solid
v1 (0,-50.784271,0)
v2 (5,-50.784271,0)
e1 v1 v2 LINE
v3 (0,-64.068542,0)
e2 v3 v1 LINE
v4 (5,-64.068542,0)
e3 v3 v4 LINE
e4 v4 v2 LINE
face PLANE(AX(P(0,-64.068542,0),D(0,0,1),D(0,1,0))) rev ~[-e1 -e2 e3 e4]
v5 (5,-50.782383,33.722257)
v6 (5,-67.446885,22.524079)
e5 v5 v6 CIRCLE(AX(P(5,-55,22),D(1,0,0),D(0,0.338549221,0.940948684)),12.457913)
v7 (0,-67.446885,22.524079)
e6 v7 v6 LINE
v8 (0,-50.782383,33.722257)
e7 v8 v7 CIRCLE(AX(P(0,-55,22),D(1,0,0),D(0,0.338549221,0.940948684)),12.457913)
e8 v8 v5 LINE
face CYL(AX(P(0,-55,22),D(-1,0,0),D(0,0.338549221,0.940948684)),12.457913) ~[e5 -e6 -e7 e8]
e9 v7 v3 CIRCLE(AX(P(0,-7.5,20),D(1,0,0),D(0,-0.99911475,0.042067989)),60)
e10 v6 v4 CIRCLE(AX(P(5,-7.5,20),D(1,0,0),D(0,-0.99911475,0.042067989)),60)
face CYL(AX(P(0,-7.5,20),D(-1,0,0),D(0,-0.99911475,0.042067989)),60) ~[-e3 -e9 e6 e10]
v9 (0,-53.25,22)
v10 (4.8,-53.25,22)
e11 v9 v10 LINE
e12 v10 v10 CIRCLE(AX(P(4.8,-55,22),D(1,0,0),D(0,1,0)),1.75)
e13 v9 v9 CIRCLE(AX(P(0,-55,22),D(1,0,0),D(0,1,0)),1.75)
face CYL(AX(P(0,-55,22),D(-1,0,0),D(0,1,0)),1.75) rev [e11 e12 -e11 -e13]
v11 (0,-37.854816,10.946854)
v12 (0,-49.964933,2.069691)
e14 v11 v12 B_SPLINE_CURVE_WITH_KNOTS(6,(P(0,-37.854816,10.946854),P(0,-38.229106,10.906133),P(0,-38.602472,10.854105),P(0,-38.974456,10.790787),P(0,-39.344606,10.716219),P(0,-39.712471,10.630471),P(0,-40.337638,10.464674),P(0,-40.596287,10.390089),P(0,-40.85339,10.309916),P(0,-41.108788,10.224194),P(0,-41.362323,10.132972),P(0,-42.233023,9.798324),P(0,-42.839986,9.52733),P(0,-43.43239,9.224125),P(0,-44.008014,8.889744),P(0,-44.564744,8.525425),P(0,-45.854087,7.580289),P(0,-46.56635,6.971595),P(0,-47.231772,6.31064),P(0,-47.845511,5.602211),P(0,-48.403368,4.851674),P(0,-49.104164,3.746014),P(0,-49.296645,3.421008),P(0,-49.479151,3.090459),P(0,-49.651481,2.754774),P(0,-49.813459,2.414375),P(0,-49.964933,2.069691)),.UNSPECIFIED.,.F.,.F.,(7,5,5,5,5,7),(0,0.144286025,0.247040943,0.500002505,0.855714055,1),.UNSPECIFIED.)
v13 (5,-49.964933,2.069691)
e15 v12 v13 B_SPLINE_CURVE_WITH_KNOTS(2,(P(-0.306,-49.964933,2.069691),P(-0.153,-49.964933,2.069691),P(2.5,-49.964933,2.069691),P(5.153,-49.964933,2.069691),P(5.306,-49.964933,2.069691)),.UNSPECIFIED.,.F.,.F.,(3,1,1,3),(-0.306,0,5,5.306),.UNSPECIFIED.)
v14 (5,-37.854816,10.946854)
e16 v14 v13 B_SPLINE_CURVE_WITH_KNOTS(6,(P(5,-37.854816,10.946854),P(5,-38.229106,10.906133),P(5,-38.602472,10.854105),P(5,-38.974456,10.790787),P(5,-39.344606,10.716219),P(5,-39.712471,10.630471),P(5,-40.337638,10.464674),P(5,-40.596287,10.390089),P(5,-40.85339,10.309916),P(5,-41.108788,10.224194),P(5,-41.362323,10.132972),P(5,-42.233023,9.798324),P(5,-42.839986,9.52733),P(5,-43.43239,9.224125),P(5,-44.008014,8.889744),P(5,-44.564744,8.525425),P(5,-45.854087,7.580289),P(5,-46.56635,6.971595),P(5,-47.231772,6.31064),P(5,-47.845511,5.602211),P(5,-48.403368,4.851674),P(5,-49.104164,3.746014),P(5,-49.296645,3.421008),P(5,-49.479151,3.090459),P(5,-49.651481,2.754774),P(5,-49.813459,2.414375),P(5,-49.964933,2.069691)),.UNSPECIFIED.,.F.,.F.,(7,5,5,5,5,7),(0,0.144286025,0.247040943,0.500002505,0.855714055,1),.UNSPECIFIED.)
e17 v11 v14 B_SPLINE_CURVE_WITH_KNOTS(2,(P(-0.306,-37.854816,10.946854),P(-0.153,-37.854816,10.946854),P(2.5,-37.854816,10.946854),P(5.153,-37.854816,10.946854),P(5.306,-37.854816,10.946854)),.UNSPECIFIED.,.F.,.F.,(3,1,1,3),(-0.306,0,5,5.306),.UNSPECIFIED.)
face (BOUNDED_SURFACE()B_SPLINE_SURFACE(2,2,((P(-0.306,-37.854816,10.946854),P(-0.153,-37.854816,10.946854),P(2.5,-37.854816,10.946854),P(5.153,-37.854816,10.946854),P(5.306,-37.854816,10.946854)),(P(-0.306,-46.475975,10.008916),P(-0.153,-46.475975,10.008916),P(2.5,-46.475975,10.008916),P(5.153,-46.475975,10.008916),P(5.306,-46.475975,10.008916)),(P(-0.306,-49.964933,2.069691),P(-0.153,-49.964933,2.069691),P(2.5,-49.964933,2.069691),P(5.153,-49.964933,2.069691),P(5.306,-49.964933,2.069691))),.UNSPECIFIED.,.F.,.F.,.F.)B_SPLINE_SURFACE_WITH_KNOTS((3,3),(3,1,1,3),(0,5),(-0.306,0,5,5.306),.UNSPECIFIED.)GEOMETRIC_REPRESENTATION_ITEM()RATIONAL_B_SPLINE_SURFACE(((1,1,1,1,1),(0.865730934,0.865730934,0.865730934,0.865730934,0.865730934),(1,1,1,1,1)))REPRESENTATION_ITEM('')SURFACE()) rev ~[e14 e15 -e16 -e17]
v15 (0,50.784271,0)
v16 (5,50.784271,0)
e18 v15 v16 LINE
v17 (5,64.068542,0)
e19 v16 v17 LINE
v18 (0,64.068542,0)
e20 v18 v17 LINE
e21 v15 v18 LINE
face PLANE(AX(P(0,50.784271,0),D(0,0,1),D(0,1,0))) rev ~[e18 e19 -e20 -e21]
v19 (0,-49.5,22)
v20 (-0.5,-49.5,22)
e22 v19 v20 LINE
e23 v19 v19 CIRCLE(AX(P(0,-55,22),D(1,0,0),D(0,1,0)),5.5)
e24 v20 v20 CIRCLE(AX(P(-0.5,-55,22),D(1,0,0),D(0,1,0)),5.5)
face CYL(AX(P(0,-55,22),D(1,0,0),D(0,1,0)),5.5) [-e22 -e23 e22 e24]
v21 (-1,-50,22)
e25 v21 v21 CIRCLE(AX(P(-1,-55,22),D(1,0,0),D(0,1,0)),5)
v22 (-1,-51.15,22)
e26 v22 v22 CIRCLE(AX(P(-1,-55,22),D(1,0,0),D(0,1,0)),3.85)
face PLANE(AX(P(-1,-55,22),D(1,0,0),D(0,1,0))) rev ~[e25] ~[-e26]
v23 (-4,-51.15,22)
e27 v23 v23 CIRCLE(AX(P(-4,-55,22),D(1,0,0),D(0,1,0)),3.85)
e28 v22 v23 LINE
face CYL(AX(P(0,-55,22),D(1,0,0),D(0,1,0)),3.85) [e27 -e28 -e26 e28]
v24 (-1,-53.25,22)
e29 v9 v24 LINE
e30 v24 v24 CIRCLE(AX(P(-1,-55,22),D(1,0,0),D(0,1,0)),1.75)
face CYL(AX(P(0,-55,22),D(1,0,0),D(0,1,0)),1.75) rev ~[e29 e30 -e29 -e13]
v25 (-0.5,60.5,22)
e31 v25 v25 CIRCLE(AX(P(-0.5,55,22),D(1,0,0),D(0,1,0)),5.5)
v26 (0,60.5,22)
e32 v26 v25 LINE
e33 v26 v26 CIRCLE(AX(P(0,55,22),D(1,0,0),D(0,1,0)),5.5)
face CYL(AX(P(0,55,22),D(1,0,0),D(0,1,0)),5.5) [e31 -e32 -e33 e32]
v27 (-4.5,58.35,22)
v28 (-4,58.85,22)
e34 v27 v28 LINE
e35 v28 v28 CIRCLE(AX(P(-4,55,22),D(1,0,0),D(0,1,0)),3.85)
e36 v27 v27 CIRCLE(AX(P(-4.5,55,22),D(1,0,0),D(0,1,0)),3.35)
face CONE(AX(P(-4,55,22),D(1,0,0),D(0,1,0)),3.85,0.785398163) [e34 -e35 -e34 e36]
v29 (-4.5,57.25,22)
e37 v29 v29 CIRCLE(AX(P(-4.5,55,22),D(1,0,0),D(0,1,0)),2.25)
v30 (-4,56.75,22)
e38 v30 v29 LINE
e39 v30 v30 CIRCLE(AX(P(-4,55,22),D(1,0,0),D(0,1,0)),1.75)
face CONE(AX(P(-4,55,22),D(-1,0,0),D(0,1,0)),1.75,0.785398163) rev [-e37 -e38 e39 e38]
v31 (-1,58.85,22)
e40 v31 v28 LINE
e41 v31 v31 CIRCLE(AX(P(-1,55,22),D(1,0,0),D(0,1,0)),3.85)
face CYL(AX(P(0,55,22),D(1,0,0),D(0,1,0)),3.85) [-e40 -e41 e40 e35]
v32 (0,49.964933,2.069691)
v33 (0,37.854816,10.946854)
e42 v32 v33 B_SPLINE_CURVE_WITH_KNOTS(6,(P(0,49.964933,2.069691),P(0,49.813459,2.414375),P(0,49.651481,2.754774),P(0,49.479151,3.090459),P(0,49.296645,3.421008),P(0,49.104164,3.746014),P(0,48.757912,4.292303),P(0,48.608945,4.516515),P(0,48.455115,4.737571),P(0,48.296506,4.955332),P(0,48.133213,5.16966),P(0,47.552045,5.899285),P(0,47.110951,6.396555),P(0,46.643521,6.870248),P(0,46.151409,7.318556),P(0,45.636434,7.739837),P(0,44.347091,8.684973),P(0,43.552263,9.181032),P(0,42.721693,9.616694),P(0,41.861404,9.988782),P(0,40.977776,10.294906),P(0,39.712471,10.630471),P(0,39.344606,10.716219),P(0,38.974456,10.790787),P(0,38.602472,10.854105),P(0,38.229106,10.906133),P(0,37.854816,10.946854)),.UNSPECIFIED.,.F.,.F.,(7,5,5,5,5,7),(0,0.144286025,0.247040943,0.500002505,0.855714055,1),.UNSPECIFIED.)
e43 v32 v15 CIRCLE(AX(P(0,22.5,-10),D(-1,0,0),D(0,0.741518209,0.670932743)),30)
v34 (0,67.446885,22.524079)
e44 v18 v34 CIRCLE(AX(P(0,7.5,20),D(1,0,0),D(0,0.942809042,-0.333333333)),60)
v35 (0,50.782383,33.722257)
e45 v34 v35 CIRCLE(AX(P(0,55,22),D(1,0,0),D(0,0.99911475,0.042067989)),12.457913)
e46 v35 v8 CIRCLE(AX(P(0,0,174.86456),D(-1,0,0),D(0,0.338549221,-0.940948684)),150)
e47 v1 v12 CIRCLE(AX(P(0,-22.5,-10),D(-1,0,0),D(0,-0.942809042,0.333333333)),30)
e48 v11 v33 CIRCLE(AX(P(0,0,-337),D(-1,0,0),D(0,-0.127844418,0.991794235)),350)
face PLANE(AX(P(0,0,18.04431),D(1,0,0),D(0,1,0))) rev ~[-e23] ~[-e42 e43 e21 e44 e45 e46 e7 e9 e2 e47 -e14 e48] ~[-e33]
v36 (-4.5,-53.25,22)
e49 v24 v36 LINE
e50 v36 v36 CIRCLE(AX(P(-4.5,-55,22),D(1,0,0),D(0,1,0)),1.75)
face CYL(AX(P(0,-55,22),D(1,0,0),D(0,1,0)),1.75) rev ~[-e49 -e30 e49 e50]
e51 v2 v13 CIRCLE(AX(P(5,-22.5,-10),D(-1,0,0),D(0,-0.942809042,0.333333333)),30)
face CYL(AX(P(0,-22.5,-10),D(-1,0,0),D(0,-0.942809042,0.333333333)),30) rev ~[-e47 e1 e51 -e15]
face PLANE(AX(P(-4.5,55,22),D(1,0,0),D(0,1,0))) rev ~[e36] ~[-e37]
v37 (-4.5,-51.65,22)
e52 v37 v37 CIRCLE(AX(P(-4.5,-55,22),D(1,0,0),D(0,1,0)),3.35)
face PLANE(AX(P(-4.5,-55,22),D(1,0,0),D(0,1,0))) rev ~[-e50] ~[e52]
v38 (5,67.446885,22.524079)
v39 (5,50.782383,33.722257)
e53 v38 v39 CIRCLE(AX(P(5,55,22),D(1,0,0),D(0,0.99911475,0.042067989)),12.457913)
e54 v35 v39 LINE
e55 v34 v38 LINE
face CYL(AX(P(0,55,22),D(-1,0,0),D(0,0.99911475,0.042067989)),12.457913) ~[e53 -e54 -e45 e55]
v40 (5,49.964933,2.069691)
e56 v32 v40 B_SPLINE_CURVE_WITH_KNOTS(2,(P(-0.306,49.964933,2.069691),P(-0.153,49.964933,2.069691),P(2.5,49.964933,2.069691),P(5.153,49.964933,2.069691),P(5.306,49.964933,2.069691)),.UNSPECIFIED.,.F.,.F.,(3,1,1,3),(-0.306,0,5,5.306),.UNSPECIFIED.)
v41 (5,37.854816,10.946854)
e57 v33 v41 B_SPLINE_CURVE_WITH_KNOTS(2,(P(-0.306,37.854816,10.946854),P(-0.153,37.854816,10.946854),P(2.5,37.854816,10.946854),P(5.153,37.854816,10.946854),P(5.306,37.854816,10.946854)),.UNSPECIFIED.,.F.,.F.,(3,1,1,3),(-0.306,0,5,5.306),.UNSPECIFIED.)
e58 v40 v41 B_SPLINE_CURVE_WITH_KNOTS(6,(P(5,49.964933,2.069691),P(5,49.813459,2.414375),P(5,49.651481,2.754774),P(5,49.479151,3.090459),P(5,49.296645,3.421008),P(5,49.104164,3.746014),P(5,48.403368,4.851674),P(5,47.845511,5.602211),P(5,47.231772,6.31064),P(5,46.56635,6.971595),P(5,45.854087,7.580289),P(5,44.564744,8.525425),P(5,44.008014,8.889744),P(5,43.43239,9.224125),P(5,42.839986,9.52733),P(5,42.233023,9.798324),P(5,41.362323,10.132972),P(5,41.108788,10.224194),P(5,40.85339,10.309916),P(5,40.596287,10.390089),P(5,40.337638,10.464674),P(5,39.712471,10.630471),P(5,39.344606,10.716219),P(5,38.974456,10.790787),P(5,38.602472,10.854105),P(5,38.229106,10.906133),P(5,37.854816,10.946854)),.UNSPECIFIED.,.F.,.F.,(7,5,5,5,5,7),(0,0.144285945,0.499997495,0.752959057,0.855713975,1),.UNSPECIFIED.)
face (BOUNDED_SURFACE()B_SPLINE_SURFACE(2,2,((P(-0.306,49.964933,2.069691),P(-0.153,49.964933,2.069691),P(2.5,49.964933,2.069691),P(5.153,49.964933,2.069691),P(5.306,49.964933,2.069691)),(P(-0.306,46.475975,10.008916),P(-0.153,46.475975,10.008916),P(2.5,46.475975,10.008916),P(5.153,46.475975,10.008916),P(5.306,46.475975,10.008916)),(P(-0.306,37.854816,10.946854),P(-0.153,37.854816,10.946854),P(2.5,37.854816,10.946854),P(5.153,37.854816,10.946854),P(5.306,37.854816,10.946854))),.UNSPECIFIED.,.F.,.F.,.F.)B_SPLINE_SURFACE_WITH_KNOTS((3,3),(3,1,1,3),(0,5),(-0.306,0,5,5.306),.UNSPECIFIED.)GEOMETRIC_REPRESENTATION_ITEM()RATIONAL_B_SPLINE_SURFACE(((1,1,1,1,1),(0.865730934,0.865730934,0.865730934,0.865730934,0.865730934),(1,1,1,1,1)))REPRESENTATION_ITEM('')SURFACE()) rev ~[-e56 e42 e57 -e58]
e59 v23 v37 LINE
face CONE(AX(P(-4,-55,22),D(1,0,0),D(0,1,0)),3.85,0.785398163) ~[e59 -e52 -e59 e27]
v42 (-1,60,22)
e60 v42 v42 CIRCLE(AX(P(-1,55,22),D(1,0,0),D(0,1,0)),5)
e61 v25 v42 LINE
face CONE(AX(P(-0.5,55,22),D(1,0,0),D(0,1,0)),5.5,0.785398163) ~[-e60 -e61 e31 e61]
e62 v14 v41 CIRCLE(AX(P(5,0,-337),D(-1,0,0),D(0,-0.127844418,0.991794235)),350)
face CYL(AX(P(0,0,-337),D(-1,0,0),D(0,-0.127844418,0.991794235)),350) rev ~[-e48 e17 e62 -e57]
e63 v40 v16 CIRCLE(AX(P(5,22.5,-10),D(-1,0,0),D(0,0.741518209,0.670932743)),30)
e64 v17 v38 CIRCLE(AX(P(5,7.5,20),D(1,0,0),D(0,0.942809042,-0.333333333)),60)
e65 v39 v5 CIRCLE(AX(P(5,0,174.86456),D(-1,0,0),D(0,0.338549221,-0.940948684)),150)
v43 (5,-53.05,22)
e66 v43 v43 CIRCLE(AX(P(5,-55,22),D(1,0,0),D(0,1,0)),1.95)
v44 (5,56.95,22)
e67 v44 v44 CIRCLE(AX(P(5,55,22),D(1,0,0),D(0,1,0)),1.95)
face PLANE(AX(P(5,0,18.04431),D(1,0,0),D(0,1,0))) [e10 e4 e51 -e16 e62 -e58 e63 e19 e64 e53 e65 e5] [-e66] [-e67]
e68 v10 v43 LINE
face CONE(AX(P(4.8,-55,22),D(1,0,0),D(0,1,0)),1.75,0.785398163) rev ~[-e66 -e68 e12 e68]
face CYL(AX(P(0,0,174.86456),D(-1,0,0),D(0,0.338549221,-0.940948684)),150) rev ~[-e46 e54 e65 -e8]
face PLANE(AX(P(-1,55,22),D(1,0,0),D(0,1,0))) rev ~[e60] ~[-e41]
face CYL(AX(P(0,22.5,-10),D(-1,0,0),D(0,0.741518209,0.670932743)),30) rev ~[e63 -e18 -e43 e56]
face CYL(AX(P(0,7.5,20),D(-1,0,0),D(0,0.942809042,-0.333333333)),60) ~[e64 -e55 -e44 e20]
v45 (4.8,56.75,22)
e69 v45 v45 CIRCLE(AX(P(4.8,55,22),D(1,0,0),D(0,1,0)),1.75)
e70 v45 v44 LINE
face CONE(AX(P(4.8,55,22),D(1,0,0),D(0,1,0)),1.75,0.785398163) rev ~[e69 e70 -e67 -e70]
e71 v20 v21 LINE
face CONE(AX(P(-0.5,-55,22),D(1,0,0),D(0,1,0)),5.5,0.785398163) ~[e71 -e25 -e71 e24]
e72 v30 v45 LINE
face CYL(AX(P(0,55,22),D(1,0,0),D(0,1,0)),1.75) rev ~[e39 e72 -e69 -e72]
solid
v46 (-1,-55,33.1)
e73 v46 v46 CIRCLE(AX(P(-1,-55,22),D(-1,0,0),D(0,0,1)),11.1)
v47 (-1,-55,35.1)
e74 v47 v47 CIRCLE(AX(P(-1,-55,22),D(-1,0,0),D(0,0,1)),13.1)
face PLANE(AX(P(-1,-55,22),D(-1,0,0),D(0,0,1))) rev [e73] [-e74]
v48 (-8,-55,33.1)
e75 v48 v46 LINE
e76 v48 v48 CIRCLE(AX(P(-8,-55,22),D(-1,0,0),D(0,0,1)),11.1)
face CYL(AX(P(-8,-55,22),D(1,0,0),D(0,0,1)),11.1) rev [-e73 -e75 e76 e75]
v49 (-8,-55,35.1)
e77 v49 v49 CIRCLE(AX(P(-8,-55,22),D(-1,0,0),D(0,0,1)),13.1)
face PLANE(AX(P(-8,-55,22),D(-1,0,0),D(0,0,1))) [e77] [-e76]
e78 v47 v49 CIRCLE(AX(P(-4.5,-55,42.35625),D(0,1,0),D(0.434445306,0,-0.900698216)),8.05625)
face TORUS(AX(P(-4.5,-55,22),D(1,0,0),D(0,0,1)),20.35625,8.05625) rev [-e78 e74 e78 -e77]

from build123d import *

# Parameters (mm, degrees)
F0_R     = 11
F0_R_2   = 5.5
F0_R_3   = 3.85
F0_R_4   = 1.75
F1_DEPTH = 5
F2_DEPTH = 1
F3_DEPTH = 4.5
F4_SIZE  = 0.2
F8_R     = 15
F9_SIZE  = 0.5


with BuildPart() as f1:
    # F0 (on Right) → F1 (new body)
    with BuildSketch(Plane.YZ):
        with BuildLine():
            Line((50.7842712475, 0), (64.0685424949, 0))
            ThreePointArc((64.0685424949, 0), (66.8362852728, 11.1002668566), (67.4468850178, 22.5240793692))
            ThreePointArc((67.4468850178, 22.5240793692), (61.9483818424, 32.3401932092), (50.7823831309, 33.7222571963))
            ThreePointArc((50.7823831309, 33.7222571963), (0, 24.8645597266), (-50.7823831309, 33.7222571963))
            ThreePointArc((-50.7823831309, 33.7222571963), (-61.9483818424, 32.3401932092), (-67.4468850178, 22.5240793692))
            ThreePointArc((-67.4468850178, 22.5240793692), (-66.8362852728, 11.1002668566), (-64.0685424949, 0))
            Line((-64.0685424949, 0), (-50.7842712475, 0))
            ThreePointArc((-50.7842712475, 0), (-48.267413936, 5.3636056657), (-44.7455462717, 10.1279822902))
            ThreePointArc((-44.7455462717, 10.1279822902), (0, 13), (44.7455462717, 10.1279822902))
            ThreePointArc((44.7455462717, 10.1279822902), (48.267413936, 5.3636056657), (50.7842712475, 0))
        make_face()
        with Locations((-55, 22)):
            Circle(F0_R, mode=Mode.SUBTRACT)
        with Locations((55, 22)):
            Circle(F0_R, mode=Mode.SUBTRACT)
        with Locations((55, 22)):
            Circle(F0_R)
        with Locations((55, 22)):
            Circle(F0_R_2, mode=Mode.SUBTRACT)
        with Locations((55, 22)):
            Circle(F0_R_2)
        with Locations((55, 22)):
            Circle(F0_R_3, mode=Mode.SUBTRACT)
        with Locations((55, 22)):
            Circle(F0_R_3)
        with Locations((55, 22)):
            Circle(F0_R_4, mode=Mode.SUBTRACT)
        with Locations((-55, 22)):
            Circle(F0_R)
        with Locations((-55, 22)):
            Circle(F0_R_2, mode=Mode.SUBTRACT)
        with Locations((-55, 22)):
            Circle(F0_R_2)
        with Locations((-55, 22)):
            Circle(F0_R_3, mode=Mode.SUBTRACT)
        with Locations((-55, 22)):
            Circle(F0_R_3)
        with Locations((-55, 22)):
            Circle(F0_R_4, mode=Mode.SUBTRACT)
    extrude(amount=F1_DEPTH)

    # F0 (on Right) → F2 (join)
    with BuildSketch(Plane.YZ):
        with Locations((-55, 22)):
            Circle(F0_R_2)
        with Locations((-55, 22)):
            Circle(F0_R_3, mode=Mode.SUBTRACT)
        with Locations((55, 22)):
            Circle(F0_R_2)
        with Locations((55, 22)):
            Circle(F0_R_3, mode=Mode.SUBTRACT)
        with Locations((-55, 22)):
            Circle(F0_R_3)
        with Locations((-55, 22)):
            Circle(F0_R_4, mode=Mode.SUBTRACT)
        with Locations((55, 22)):
            Circle(F0_R_3)
        with Locations((55, 22)):
            Circle(F0_R_4, mode=Mode.SUBTRACT)
    extrude(amount=-F2_DEPTH)

    # F0 (on Right) → F3 (join)
    with BuildSketch(Plane.YZ):
        with Locations((55, 22)):
            Circle(F0_R_3)
        with Locations((55, 22)):
            Circle(F0_R_4, mode=Mode.SUBTRACT)
        with Locations((-55, 22)):
            Circle(F0_R_3)
        with Locations((-55, 22)):
            Circle(F0_R_4, mode=Mode.SUBTRACT)
    extrude(amount=-F3_DEPTH)

    # F4
    f4_edges = [f1.edges().sort_by_distance(p)[0] for p in [
        (5, 53.25, 22),
        (5, -56.75, 22),
    ]]
    chamfer(f4_edges, length=F4_SIZE)

    # F8
    f8_edges = [f1.edges().sort_by_distance(p)[0] for p in [
        (2.5, -44.745546, 10.127982),
        (2.5, 44.745546, 10.127982),
    ]]
    fillet(f8_edges, radius=F8_R)

    # F9
    f9_edges = [f1.edges().sort_by_distance(p)[0] for p in [
        (-4.5, -58.85, 22),
        (-4.5, 51.15, 22),
        (-4.5, 53.25, 22),
        (-1, 49.5, 22),
        (-1, -60.5, 22),
    ]]
    chamfer(f9_edges, length=F9_SIZE)


with BuildPart() as f7:
    # F6 (on plane+point) → F7 (revolve)
    with BuildSketch(Plane.XZ.offset(55)):
        with BuildLine():
            Line((-8, 35.1), (-8, 33.1))
            Line((-8, 33.1), (-1, 33.1))
            Line((-1, 33.1), (-1, 35.1))
            ThreePointArc((-1, 35.1), (-4.5, 34.3), (-8, 35.1))
        make_face()
    revolve(axis=Axis((-4.5, -55, 22), (-1, 0, 0)))


solid = Compound([f1.part, f7.part])
